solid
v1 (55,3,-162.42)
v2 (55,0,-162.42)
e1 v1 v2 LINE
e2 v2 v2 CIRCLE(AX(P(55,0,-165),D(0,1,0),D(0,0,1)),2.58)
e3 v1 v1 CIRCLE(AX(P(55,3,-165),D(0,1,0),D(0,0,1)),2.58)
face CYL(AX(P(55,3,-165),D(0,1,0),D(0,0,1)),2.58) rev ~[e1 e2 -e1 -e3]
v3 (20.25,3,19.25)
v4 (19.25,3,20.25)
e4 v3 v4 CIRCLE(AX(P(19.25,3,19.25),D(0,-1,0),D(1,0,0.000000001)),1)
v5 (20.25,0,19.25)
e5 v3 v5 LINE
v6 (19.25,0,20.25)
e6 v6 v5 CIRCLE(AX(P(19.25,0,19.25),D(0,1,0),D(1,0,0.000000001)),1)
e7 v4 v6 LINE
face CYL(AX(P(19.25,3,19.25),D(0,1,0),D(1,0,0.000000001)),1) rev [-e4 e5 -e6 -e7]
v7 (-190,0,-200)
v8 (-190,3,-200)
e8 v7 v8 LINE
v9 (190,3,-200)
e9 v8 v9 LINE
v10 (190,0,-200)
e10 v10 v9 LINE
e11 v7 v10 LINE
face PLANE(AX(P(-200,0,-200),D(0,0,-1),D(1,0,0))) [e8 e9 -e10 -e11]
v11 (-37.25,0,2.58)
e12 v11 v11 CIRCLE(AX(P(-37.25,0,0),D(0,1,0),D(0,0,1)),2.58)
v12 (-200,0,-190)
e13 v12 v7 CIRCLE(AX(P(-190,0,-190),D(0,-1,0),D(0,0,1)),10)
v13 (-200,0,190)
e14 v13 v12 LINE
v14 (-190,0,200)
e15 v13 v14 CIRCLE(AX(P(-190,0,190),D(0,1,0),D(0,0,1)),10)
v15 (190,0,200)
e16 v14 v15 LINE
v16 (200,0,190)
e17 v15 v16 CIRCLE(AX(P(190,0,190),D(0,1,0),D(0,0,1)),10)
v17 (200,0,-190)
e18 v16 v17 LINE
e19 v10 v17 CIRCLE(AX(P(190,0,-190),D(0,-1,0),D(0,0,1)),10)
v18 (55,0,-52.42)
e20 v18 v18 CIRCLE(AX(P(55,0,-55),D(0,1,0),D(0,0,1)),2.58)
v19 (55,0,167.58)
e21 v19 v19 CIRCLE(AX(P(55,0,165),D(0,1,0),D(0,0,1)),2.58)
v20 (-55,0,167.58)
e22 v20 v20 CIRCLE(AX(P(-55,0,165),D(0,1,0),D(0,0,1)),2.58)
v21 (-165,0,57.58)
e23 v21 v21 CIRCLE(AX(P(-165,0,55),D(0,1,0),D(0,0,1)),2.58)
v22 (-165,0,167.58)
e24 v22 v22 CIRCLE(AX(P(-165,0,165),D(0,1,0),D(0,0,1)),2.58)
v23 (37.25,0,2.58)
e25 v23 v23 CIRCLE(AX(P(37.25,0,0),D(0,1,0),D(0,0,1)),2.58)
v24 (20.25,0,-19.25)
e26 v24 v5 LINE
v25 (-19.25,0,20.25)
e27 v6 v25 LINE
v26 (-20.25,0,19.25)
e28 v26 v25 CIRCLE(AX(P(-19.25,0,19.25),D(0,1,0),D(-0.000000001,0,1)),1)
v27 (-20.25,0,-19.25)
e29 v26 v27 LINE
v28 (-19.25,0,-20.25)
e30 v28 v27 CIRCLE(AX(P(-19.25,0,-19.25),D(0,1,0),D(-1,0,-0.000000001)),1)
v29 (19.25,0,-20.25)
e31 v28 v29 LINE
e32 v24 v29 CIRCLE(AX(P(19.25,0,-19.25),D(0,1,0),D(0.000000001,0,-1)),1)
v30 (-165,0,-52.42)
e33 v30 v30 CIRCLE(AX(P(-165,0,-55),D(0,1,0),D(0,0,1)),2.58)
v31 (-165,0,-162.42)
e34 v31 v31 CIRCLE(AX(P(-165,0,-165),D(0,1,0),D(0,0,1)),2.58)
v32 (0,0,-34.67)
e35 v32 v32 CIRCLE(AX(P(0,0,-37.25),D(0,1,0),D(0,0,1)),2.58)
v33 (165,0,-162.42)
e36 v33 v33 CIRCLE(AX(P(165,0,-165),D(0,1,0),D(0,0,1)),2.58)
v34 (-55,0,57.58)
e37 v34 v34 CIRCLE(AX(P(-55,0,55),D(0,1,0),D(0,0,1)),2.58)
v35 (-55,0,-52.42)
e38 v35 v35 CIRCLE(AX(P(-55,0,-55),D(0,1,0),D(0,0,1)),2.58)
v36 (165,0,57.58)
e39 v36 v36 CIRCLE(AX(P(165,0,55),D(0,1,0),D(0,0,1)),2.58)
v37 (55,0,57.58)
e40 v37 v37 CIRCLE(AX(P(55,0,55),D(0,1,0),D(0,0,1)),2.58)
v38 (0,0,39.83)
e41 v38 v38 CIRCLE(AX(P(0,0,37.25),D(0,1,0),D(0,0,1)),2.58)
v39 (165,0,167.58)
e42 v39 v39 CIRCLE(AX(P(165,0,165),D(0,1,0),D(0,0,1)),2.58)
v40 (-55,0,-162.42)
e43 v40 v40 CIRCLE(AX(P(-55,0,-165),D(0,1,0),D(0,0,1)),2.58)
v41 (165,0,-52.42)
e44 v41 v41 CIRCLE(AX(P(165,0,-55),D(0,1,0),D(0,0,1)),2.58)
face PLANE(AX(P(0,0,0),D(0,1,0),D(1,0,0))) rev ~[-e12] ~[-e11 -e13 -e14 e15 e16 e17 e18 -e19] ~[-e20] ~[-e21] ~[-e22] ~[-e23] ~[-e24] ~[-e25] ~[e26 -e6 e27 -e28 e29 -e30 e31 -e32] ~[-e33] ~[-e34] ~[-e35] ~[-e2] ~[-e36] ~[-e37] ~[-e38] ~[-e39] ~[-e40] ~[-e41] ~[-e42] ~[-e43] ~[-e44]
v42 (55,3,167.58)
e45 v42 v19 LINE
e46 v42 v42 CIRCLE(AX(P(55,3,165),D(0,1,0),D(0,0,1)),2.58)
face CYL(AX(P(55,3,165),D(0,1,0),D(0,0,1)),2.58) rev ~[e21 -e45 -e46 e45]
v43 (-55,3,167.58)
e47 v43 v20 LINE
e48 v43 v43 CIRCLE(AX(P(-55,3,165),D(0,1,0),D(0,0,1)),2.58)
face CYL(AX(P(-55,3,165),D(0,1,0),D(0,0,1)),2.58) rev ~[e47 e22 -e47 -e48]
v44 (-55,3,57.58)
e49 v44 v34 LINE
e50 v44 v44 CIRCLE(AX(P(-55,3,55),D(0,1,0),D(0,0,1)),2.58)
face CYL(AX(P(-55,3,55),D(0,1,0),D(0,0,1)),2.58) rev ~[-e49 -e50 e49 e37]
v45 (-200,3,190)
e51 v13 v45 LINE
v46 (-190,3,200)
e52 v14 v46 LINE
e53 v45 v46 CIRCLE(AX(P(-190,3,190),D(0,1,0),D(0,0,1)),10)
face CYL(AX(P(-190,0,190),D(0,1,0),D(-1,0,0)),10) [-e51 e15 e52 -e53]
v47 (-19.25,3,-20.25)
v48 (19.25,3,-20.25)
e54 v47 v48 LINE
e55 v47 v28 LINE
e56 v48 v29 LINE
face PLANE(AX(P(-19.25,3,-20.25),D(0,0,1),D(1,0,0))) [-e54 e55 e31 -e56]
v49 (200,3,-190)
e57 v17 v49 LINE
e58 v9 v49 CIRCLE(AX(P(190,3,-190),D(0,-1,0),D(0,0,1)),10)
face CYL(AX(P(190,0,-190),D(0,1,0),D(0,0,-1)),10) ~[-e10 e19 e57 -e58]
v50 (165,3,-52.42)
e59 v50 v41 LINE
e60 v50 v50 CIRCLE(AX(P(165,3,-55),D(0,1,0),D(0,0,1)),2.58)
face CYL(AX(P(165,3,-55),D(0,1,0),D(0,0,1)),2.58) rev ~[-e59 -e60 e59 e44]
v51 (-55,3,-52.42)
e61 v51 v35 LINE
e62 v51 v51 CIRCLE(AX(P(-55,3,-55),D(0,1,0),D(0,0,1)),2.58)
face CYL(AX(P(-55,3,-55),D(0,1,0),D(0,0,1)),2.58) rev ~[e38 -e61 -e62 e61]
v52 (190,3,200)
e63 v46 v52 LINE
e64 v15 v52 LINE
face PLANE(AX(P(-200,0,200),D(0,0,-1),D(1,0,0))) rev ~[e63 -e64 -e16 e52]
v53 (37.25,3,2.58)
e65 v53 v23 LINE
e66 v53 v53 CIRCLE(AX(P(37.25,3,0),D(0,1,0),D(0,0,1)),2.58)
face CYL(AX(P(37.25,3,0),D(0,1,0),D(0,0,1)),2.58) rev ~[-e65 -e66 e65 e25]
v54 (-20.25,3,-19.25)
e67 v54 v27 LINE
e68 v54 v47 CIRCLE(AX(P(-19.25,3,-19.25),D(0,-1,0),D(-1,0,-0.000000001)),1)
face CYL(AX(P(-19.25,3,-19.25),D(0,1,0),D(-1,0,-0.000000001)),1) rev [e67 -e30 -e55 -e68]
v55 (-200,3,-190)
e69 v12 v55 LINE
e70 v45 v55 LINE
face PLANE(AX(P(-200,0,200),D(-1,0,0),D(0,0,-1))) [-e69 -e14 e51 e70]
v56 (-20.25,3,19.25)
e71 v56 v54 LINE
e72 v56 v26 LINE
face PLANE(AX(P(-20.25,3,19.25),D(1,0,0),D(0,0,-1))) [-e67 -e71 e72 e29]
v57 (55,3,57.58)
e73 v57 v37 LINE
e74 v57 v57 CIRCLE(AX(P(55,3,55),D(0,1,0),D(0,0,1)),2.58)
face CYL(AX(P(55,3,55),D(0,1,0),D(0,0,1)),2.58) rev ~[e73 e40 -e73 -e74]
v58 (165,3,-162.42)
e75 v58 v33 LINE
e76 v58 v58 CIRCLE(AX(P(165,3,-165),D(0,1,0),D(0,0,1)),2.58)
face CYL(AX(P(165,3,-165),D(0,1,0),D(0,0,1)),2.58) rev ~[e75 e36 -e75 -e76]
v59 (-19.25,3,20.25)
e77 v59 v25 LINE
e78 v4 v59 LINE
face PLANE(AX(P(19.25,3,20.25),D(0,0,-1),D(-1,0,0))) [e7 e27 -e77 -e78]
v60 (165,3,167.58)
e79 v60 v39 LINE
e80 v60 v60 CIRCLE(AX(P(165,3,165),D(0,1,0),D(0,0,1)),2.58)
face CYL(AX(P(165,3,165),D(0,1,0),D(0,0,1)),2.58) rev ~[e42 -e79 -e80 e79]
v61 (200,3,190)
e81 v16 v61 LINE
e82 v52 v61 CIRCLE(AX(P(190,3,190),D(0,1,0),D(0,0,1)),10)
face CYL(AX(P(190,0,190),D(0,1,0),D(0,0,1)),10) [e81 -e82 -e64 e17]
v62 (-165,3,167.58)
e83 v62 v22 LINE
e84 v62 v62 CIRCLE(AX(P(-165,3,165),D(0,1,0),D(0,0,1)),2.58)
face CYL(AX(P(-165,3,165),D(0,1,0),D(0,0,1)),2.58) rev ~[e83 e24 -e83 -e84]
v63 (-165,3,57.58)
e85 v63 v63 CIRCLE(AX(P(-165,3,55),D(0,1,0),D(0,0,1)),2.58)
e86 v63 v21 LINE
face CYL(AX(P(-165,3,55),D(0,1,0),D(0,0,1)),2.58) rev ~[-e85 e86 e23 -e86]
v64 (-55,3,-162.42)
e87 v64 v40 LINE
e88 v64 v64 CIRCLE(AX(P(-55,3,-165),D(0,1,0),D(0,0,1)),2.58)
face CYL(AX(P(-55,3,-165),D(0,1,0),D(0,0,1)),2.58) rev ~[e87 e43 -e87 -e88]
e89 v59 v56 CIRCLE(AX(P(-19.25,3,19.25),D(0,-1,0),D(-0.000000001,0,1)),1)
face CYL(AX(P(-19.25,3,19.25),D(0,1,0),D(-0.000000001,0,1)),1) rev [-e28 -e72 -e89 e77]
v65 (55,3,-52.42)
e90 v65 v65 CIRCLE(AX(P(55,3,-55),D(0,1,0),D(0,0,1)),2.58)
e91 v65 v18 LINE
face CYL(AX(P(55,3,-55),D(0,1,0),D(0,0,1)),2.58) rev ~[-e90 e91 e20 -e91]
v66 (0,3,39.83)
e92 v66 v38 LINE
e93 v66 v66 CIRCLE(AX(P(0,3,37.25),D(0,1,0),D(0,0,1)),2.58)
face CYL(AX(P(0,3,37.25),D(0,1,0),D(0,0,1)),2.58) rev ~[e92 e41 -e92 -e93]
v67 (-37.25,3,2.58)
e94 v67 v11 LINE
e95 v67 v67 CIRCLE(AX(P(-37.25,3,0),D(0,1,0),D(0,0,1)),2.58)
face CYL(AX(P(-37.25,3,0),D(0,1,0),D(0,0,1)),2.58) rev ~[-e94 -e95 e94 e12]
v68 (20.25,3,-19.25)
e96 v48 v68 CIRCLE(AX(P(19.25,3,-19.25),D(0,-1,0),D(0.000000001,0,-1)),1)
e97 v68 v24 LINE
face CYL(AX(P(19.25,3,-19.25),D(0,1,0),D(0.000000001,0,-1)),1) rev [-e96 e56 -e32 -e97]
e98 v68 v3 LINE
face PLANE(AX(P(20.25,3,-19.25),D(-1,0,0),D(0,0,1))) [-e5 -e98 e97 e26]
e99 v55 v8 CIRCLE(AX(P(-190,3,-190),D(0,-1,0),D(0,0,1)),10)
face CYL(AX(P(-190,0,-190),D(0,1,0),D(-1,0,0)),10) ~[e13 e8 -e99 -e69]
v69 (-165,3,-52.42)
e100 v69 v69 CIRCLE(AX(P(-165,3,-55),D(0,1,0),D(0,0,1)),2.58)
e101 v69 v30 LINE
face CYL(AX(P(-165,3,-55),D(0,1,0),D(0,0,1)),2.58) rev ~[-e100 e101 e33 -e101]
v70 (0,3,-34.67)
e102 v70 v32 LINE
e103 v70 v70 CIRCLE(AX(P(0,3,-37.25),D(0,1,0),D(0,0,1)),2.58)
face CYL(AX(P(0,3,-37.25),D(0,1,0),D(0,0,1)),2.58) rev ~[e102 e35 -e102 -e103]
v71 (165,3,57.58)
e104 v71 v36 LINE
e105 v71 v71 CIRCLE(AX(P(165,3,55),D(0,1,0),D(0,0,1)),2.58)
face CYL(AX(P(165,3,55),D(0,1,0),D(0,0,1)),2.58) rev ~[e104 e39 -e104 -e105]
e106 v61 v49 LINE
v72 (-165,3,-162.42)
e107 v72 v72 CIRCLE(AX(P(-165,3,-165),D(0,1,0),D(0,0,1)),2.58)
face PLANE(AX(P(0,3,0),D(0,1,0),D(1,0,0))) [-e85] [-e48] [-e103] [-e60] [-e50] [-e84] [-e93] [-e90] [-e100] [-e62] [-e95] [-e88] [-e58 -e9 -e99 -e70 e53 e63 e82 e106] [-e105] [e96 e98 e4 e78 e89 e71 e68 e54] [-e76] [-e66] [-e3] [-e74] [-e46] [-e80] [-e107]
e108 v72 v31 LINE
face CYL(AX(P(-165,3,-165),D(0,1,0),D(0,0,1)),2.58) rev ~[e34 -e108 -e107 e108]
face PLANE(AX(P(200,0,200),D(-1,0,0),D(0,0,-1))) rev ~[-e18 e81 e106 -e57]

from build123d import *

# Parameters (mm, degrees)
SKETCH1_W           = 400
SKETCH1_H           = 400
BOSS_EXTRUDE1_DEPTH = 3
CUT_EXTRUDE1_DEPTH  = 283.85862193
SKETCH4_R           = 2.58
CUT_EXTRUDE2_DEPTH  = 283.85862193
SKETCH9_R           = 2.58
CUT_EXTRUDE4_DEPTH  = 283.85862193
FILLET1_R           = 10


with BuildPart() as part:
    # Sketch1 → Boss-Extrude1 (new body)
    with BuildSketch(Plane(origin=(0, 0, 0), x_dir=(1, 0, 0), z_dir=(0, 1, 0))):
        Rectangle(SKETCH1_W, SKETCH1_H)
    extrude(amount=BOSS_EXTRUDE1_DEPTH)

    # Sketch3 → Cut-Extrude1 (cut, through all)
    with BuildSketch(Plane(origin=(0, 3, 0), x_dir=(1, 0, 0), z_dir=(0, 1, 0))):
        with BuildLine():
            Line((-19.25, 20.25), (19.25, 20.25))
            ThreePointArc((19.25, 20.25), (19.957106781, 19.957106781), (20.25, 19.25))
            Line((20.25, 19.25), (20.25, -19.25))
            ThreePointArc((20.25, -19.25), (19.957106781, -19.957106781), (19.25, -20.25))
            Line((19.25, -20.25), (-19.25, -20.25))
            ThreePointArc((-19.25, -20.25), (-19.957106781, -19.957106781), (-20.25, -19.25))
            Line((-20.25, -19.25), (-20.25, 19.25))
            ThreePointArc((-20.25, 19.25), (-19.957106781, 19.957106781), (-19.25, 20.25))
        make_face()
    extrude(amount=-CUT_EXTRUDE1_DEPTH, mode=Mode.SUBTRACT)

    # Sketch4 → Cut-Extrude2 (cut, through all)
    with BuildSketch(Plane(origin=(0, 3, 0), x_dir=(1, 0, 0), z_dir=(0, 1, 0))):
        with Locations(Location((-37.25, 0, 0), (0, 0, 270))):
            Circle(SKETCH4_R)
        with Locations(Location((0, 37.25, 0), (0, 0, 270))):
            Circle(SKETCH4_R)
        with Locations(Location((37.25, 0, 0), (0, 0, 270))):
            Circle(SKETCH4_R)
        with Locations(Location((0, -37.25, 0), (0, 0, 270))):
            Circle(SKETCH4_R)
    extrude(amount=-CUT_EXTRUDE2_DEPTH, mode=Mode.SUBTRACT)

    # Sketch9 → Cut-Extrude4 (cut, through all)
    with BuildSketch(Plane(origin=(0, 3, 0), x_dir=(1, 0, 0), z_dir=(0, 1, 0))):
        with Locations(Location((-165, 165, 0), (0, 0, 270))):
            Circle(SKETCH9_R)
        with Locations(Location((-55, 165, 0), (0, 0, 270))):
            Circle(SKETCH9_R)
        with Locations(Location((55, 165, 0), (0, 0, 270))):
            Circle(SKETCH9_R)
        with Locations(Location((165, 165, 0), (0, 0, 270))):
            Circle(SKETCH9_R)
        with Locations(Location((-55, 55, 0), (0, 0, 270))):
            Circle(SKETCH9_R)
        with Locations(Location((55, 55, 0), (0, 0, 270))):
            Circle(SKETCH9_R)
        with Locations(Location((165, 55, 0), (0, 0, 270))):
            Circle(SKETCH9_R)
        with Locations(Location((-55, -55, 0), (0, 0, 270))):
            Circle(SKETCH9_R)
        with Locations(Location((55, -55, 0), (0, 0, 270))):
            Circle(SKETCH9_R)
        with Locations(Location((165, -55, 0), (0, 0, 270))):
            Circle(SKETCH9_R)
        with Locations(Location((-55, -165, 0), (0, 0, 270))):
            Circle(SKETCH9_R)
        with Locations(Location((55, -165, 0), (0, 0, 270))):
            Circle(SKETCH9_R)
        with Locations(Location((165, -165, 0), (0, 0, 270))):
            Circle(SKETCH9_R)
        with Locations(Location((-165, 55, 0), (0, 0, 270))):
            Circle(SKETCH9_R)
        with Locations(Location((-165, -55, 0), (0, 0, 270))):
            Circle(SKETCH9_R)
        with Locations(Location((-165, -165, 0), (0, 0, 270))):
            Circle(SKETCH9_R)
    extrude(amount=-CUT_EXTRUDE4_DEPTH, mode=Mode.SUBTRACT)

    # Fillet1
    fillet1_edges = [part.edges().sort_by_distance(p)[0] for p in [
        (200, 1.5, 200),
        (-200, 1.5, 200),
        (-200, 1.5, -200),
        (200, 1.5, -200),
    ]]
    fillet(fillet1_edges, radius=FILLET1_R)


solid = part.part
